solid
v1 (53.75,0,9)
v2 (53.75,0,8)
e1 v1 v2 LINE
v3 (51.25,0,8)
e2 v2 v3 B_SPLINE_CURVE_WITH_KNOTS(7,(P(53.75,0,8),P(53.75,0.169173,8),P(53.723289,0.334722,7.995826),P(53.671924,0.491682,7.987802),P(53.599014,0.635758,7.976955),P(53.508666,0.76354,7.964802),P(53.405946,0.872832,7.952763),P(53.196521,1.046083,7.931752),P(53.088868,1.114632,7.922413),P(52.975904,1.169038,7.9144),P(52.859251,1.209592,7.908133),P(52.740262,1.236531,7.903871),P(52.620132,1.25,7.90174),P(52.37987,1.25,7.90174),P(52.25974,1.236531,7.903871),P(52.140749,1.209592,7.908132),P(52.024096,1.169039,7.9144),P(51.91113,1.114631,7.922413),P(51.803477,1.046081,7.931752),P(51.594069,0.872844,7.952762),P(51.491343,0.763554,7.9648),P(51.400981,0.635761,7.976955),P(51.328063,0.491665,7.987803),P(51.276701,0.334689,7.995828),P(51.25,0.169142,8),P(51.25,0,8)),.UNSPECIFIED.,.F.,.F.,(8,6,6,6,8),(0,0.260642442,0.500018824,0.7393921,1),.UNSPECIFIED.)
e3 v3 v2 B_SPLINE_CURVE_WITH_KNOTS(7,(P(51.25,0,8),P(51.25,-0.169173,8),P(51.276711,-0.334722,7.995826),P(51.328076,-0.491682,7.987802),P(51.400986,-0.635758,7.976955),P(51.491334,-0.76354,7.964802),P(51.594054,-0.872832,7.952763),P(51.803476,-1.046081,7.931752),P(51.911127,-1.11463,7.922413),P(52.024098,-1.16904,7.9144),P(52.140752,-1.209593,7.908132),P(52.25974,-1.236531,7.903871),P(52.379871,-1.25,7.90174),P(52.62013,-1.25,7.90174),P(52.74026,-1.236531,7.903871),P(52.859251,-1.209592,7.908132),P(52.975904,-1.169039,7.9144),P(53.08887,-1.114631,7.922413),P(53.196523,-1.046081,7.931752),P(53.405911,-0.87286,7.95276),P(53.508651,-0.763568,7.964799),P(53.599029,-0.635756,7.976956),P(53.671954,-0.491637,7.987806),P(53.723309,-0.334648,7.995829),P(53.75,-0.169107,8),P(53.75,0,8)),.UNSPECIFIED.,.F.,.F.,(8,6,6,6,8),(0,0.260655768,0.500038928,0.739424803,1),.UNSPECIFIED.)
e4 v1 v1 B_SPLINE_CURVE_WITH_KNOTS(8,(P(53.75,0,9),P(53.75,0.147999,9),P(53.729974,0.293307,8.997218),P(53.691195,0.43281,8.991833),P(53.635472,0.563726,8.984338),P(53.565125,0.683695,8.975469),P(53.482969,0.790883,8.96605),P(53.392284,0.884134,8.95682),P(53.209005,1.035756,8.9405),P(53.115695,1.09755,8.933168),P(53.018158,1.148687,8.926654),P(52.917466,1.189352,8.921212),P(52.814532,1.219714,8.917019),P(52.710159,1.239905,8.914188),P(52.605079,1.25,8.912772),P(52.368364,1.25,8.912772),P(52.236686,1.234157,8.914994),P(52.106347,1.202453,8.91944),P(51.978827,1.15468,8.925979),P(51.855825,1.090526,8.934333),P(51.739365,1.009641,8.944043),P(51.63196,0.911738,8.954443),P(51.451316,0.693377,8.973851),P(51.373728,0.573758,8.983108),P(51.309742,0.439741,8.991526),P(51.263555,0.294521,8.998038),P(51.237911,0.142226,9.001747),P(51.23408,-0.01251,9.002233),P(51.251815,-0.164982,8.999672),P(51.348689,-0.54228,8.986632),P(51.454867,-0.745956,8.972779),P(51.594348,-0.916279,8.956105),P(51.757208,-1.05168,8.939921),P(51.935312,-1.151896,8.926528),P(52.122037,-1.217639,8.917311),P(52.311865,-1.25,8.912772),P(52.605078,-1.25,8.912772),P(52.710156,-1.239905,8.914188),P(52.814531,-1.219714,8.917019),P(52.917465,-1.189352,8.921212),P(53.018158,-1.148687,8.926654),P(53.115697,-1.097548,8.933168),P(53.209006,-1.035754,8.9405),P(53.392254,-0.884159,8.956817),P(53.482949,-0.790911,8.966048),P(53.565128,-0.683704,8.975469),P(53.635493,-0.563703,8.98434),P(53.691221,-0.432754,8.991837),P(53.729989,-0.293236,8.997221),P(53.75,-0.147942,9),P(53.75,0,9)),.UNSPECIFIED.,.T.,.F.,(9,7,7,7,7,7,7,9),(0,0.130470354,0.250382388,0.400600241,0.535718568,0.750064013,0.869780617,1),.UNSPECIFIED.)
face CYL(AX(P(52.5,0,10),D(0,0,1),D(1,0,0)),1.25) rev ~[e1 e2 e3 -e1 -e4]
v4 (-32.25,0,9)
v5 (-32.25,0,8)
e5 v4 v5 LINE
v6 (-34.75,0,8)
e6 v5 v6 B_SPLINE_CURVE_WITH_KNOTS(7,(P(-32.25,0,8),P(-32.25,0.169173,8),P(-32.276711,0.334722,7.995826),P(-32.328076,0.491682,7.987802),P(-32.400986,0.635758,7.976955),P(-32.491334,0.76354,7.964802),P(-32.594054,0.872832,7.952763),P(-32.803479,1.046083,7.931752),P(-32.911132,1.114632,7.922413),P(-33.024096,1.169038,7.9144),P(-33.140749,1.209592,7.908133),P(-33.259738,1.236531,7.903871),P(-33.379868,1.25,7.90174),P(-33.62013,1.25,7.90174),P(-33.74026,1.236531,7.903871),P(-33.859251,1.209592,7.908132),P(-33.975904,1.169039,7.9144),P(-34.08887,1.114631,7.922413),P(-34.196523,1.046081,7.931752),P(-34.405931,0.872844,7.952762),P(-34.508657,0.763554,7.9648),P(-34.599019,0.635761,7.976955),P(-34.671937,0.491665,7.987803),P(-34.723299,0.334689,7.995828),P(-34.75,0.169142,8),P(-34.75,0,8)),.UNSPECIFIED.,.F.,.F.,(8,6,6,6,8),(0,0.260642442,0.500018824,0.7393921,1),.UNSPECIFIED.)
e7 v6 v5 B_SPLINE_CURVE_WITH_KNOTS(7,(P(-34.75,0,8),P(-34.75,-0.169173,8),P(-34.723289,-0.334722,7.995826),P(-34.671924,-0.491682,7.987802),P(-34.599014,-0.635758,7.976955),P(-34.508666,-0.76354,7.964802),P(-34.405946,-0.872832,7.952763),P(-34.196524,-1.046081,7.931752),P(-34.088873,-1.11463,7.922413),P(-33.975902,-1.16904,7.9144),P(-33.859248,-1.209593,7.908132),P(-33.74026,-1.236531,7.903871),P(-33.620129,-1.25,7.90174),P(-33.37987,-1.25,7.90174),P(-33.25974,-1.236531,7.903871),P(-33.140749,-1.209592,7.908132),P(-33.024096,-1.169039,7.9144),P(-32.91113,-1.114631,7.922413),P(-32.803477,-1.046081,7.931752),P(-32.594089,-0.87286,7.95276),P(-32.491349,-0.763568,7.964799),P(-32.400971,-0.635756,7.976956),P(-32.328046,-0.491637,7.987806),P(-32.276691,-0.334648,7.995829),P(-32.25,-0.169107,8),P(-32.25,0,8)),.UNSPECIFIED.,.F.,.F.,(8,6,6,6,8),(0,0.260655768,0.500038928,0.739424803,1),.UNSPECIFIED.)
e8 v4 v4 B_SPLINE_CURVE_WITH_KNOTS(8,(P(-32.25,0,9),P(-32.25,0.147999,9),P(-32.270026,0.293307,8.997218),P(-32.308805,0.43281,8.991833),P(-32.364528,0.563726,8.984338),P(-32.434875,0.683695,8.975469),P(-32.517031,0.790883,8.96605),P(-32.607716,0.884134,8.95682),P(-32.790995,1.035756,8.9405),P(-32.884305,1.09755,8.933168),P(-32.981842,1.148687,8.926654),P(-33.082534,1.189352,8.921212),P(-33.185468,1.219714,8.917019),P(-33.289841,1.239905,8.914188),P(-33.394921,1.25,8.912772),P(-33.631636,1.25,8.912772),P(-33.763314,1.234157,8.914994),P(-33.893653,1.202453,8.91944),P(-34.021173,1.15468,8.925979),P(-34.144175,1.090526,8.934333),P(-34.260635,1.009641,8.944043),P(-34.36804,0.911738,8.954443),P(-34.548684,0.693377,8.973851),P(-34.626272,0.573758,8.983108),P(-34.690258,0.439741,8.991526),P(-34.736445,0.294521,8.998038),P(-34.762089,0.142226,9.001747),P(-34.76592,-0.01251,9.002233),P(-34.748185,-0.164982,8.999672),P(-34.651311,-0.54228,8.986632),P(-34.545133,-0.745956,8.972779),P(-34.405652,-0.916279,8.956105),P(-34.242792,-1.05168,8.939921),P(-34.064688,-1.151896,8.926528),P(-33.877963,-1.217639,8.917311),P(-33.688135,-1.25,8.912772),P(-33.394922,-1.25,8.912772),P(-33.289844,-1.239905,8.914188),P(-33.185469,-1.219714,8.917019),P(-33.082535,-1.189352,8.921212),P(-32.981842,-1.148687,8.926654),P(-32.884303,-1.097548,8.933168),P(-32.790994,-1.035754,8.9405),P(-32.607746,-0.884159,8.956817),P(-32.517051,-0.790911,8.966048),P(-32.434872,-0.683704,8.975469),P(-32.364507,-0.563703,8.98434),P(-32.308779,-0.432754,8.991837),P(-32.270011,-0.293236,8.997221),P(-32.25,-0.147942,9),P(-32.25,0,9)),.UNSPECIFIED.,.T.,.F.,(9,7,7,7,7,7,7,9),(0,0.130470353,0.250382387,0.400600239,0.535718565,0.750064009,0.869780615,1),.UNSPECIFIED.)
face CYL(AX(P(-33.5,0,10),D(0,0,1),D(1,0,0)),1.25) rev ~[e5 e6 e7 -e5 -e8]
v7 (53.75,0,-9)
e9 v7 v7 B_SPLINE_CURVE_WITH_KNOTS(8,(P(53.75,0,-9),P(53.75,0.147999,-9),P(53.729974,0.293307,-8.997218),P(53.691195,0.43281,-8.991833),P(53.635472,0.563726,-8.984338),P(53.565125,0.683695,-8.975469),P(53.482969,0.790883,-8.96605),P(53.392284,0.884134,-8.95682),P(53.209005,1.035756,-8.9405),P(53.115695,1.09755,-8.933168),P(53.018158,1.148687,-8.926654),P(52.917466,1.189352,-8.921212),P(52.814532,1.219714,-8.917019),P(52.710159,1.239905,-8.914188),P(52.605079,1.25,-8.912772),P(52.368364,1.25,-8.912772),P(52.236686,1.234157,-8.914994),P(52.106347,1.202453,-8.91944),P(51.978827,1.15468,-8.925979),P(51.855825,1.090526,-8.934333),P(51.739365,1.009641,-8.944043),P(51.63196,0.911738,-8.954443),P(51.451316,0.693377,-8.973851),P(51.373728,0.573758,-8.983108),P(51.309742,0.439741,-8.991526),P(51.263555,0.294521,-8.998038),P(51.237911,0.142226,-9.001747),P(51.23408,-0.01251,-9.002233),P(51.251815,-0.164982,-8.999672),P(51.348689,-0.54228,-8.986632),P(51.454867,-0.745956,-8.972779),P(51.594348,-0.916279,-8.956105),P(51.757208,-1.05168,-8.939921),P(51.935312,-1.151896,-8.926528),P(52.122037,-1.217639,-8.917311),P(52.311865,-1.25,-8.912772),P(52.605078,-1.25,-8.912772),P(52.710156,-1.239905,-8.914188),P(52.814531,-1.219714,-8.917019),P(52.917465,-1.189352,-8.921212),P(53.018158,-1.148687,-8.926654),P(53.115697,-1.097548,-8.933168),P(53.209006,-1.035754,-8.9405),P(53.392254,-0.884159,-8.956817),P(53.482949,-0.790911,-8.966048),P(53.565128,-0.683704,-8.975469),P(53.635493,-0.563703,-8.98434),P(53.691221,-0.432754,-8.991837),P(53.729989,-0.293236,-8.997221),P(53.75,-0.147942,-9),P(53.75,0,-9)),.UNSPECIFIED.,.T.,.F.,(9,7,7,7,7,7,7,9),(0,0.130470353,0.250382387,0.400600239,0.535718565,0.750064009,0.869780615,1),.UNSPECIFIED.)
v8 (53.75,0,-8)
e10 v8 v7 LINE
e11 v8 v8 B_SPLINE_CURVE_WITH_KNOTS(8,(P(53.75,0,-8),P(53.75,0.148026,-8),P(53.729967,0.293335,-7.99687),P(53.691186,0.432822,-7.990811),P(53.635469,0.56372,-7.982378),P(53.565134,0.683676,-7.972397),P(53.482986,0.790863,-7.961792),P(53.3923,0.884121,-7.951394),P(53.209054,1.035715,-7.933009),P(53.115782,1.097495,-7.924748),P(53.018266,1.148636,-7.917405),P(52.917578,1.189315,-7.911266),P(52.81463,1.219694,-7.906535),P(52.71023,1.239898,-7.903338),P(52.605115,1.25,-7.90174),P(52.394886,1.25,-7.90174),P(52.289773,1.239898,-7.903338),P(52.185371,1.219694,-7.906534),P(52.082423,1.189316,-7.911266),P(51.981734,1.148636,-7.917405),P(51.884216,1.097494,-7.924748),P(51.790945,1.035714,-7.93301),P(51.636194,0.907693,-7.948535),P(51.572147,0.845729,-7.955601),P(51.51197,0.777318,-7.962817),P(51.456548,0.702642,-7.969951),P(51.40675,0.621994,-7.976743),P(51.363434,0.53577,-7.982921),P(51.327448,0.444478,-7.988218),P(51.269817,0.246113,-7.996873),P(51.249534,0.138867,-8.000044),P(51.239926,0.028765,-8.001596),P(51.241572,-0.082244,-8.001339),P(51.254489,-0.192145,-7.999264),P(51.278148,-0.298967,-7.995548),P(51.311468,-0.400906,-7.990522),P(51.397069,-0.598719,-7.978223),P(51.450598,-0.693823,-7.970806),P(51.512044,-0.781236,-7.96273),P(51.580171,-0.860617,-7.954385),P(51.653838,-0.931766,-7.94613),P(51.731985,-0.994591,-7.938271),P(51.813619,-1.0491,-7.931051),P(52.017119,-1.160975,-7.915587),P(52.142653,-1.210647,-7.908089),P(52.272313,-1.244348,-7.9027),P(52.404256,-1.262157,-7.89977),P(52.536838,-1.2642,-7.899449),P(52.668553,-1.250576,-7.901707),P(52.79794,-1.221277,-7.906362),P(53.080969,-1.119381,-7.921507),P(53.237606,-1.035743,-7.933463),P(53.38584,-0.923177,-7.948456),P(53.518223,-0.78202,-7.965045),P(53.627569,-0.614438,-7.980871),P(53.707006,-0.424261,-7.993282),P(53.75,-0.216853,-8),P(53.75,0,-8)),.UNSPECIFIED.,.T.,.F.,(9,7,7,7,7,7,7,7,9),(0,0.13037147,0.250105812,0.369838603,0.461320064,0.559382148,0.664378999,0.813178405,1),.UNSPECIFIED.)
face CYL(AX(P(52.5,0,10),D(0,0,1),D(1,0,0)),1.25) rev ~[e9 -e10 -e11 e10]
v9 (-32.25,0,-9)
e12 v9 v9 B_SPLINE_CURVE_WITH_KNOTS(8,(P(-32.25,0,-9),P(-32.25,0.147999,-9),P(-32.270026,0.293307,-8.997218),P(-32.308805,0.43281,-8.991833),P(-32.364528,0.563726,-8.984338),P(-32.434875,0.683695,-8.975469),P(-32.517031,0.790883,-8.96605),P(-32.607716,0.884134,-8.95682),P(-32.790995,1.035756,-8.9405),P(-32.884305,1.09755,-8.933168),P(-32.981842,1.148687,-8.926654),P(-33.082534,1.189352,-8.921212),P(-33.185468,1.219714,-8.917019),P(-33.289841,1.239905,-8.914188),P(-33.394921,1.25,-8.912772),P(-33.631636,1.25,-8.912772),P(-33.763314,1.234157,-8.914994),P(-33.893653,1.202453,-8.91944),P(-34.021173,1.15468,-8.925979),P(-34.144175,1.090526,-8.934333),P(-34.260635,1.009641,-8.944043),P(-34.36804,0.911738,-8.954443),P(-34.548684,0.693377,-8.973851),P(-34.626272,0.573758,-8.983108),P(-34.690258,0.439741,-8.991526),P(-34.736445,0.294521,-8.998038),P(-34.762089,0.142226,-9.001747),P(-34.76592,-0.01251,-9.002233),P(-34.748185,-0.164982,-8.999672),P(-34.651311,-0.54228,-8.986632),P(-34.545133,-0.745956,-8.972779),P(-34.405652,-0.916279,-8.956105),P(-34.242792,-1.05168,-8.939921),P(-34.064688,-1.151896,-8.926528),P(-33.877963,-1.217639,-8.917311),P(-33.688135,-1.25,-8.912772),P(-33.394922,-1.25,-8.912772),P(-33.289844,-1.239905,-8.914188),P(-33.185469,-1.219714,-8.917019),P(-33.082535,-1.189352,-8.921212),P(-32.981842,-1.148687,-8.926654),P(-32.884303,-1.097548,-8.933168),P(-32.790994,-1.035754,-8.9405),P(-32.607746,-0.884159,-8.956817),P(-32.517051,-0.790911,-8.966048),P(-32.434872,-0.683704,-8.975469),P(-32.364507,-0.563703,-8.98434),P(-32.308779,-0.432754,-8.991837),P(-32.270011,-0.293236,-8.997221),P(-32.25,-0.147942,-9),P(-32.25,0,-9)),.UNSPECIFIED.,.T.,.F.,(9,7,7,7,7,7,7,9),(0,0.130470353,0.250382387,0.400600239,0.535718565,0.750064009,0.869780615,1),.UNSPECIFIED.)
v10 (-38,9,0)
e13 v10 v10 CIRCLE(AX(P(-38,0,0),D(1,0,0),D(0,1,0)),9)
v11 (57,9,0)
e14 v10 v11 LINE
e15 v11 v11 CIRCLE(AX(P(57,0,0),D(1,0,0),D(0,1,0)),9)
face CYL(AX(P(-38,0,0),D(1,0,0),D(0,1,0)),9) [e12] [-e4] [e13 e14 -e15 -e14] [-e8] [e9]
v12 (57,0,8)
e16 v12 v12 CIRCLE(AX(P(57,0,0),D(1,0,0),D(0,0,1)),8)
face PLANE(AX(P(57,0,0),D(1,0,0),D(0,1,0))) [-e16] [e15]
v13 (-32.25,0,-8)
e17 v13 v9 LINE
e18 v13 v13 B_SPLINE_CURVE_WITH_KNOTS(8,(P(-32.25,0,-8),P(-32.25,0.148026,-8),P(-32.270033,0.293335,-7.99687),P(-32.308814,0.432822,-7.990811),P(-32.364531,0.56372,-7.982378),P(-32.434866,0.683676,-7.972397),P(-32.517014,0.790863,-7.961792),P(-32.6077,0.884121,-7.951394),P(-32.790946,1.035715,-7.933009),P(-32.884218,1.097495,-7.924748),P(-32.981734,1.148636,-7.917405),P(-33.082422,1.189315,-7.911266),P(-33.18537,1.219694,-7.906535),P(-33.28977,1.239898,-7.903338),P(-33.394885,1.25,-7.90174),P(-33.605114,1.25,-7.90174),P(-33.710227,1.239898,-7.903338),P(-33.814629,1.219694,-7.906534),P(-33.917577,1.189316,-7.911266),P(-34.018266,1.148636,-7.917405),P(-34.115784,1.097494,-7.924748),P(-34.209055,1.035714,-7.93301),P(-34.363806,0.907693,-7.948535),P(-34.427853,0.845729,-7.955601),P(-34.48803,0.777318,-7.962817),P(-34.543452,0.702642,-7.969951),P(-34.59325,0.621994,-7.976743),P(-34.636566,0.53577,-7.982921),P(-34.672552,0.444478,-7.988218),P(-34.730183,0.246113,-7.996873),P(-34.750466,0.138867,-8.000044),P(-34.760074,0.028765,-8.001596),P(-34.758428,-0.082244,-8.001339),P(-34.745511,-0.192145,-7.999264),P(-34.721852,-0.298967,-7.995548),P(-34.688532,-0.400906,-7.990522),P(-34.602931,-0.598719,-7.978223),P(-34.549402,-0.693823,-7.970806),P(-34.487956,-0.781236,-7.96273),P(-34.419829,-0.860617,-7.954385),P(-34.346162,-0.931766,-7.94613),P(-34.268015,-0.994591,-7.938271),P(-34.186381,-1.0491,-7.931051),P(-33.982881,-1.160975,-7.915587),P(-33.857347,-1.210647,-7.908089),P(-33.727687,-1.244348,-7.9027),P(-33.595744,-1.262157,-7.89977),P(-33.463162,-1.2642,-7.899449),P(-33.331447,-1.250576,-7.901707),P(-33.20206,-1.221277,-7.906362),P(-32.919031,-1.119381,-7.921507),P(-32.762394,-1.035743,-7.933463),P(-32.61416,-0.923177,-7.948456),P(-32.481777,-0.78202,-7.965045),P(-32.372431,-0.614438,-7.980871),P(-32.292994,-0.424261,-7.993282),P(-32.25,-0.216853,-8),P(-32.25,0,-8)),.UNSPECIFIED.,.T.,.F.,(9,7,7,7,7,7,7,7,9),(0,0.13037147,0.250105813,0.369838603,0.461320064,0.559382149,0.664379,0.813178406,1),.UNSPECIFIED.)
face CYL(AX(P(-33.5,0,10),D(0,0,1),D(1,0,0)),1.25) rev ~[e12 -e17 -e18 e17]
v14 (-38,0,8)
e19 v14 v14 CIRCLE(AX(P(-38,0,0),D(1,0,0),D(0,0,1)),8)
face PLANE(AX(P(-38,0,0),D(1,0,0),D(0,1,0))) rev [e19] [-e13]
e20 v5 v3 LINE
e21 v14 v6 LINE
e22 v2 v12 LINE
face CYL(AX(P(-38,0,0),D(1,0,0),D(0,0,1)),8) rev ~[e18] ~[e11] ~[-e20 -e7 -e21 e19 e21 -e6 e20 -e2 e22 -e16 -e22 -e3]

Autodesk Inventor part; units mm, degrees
ref_plane "YZ Plane" through (0, 0, 0) normal (1, 0, 0) x (0, 1, 0)
ref_plane "XZ Plane" through (0, 0, 0) normal (0, 1, 0) x (-1, 0, 0)
sketch "ShaftProfile" plane through (0, 0, 0) normal (0, 0, 1) x (1, 0, 0)
  line L0 (-57, 0) -> (76, 0) construction
  line L1 (-38, 9) -> (57, 9)
  line L2 (57, 9) -> (57, 0)
  line L3 (-38, 0) -> (-38, 9)
  line L4 (-38, 0) -> (57, 0)
  point P0 (0, 0)
  dimension "d1" = 95
  dimension "d2" = 9
  dimension "d4" = 38
revolve "ShaftFeature" add sketch "ShaftProfile" angle 360 about axis through (-38, 0, 0) along (1, 0, 0)
sketch "Sketch2" plane through (-38, 0, 0) normal (-1, 0, 0) x (0, 0, 1)
  circle A0 centre (0, 0) radius 9 projected
hole "ShaftHoleFeature" at (-38, 0, 0) direction (1, 0, 0) diameter 16 end through all
ref_plane "MidSidePlane" through (0, 0, 10) normal (0, 0, 1) x (1, 0, 0)
sketch "CapHoles" plane through (0, 0, 10) normal (0, 0, 1) x (1, 0, 0)
  line L0 (57, -9) -> (57, 9) construction
  line L1 (-38, -9) -> (-38, 9) construction
  line L2 (-58, 0) -> (82, 0) construction
  circle A0 centre (-33.5, 0) radius 1.25
  circle A1 centre (52.5, 0) radius 1.25
  dimension "d24" = 2.5
  dimension "d25" = 4.5
  dimension "d26" = 4.5
extrude "CapHolesFeature" cut sketch "CapHoles" against normal through all
equation "\"d26\" = d25"
properties part number "BackPair1PistonShaft"
